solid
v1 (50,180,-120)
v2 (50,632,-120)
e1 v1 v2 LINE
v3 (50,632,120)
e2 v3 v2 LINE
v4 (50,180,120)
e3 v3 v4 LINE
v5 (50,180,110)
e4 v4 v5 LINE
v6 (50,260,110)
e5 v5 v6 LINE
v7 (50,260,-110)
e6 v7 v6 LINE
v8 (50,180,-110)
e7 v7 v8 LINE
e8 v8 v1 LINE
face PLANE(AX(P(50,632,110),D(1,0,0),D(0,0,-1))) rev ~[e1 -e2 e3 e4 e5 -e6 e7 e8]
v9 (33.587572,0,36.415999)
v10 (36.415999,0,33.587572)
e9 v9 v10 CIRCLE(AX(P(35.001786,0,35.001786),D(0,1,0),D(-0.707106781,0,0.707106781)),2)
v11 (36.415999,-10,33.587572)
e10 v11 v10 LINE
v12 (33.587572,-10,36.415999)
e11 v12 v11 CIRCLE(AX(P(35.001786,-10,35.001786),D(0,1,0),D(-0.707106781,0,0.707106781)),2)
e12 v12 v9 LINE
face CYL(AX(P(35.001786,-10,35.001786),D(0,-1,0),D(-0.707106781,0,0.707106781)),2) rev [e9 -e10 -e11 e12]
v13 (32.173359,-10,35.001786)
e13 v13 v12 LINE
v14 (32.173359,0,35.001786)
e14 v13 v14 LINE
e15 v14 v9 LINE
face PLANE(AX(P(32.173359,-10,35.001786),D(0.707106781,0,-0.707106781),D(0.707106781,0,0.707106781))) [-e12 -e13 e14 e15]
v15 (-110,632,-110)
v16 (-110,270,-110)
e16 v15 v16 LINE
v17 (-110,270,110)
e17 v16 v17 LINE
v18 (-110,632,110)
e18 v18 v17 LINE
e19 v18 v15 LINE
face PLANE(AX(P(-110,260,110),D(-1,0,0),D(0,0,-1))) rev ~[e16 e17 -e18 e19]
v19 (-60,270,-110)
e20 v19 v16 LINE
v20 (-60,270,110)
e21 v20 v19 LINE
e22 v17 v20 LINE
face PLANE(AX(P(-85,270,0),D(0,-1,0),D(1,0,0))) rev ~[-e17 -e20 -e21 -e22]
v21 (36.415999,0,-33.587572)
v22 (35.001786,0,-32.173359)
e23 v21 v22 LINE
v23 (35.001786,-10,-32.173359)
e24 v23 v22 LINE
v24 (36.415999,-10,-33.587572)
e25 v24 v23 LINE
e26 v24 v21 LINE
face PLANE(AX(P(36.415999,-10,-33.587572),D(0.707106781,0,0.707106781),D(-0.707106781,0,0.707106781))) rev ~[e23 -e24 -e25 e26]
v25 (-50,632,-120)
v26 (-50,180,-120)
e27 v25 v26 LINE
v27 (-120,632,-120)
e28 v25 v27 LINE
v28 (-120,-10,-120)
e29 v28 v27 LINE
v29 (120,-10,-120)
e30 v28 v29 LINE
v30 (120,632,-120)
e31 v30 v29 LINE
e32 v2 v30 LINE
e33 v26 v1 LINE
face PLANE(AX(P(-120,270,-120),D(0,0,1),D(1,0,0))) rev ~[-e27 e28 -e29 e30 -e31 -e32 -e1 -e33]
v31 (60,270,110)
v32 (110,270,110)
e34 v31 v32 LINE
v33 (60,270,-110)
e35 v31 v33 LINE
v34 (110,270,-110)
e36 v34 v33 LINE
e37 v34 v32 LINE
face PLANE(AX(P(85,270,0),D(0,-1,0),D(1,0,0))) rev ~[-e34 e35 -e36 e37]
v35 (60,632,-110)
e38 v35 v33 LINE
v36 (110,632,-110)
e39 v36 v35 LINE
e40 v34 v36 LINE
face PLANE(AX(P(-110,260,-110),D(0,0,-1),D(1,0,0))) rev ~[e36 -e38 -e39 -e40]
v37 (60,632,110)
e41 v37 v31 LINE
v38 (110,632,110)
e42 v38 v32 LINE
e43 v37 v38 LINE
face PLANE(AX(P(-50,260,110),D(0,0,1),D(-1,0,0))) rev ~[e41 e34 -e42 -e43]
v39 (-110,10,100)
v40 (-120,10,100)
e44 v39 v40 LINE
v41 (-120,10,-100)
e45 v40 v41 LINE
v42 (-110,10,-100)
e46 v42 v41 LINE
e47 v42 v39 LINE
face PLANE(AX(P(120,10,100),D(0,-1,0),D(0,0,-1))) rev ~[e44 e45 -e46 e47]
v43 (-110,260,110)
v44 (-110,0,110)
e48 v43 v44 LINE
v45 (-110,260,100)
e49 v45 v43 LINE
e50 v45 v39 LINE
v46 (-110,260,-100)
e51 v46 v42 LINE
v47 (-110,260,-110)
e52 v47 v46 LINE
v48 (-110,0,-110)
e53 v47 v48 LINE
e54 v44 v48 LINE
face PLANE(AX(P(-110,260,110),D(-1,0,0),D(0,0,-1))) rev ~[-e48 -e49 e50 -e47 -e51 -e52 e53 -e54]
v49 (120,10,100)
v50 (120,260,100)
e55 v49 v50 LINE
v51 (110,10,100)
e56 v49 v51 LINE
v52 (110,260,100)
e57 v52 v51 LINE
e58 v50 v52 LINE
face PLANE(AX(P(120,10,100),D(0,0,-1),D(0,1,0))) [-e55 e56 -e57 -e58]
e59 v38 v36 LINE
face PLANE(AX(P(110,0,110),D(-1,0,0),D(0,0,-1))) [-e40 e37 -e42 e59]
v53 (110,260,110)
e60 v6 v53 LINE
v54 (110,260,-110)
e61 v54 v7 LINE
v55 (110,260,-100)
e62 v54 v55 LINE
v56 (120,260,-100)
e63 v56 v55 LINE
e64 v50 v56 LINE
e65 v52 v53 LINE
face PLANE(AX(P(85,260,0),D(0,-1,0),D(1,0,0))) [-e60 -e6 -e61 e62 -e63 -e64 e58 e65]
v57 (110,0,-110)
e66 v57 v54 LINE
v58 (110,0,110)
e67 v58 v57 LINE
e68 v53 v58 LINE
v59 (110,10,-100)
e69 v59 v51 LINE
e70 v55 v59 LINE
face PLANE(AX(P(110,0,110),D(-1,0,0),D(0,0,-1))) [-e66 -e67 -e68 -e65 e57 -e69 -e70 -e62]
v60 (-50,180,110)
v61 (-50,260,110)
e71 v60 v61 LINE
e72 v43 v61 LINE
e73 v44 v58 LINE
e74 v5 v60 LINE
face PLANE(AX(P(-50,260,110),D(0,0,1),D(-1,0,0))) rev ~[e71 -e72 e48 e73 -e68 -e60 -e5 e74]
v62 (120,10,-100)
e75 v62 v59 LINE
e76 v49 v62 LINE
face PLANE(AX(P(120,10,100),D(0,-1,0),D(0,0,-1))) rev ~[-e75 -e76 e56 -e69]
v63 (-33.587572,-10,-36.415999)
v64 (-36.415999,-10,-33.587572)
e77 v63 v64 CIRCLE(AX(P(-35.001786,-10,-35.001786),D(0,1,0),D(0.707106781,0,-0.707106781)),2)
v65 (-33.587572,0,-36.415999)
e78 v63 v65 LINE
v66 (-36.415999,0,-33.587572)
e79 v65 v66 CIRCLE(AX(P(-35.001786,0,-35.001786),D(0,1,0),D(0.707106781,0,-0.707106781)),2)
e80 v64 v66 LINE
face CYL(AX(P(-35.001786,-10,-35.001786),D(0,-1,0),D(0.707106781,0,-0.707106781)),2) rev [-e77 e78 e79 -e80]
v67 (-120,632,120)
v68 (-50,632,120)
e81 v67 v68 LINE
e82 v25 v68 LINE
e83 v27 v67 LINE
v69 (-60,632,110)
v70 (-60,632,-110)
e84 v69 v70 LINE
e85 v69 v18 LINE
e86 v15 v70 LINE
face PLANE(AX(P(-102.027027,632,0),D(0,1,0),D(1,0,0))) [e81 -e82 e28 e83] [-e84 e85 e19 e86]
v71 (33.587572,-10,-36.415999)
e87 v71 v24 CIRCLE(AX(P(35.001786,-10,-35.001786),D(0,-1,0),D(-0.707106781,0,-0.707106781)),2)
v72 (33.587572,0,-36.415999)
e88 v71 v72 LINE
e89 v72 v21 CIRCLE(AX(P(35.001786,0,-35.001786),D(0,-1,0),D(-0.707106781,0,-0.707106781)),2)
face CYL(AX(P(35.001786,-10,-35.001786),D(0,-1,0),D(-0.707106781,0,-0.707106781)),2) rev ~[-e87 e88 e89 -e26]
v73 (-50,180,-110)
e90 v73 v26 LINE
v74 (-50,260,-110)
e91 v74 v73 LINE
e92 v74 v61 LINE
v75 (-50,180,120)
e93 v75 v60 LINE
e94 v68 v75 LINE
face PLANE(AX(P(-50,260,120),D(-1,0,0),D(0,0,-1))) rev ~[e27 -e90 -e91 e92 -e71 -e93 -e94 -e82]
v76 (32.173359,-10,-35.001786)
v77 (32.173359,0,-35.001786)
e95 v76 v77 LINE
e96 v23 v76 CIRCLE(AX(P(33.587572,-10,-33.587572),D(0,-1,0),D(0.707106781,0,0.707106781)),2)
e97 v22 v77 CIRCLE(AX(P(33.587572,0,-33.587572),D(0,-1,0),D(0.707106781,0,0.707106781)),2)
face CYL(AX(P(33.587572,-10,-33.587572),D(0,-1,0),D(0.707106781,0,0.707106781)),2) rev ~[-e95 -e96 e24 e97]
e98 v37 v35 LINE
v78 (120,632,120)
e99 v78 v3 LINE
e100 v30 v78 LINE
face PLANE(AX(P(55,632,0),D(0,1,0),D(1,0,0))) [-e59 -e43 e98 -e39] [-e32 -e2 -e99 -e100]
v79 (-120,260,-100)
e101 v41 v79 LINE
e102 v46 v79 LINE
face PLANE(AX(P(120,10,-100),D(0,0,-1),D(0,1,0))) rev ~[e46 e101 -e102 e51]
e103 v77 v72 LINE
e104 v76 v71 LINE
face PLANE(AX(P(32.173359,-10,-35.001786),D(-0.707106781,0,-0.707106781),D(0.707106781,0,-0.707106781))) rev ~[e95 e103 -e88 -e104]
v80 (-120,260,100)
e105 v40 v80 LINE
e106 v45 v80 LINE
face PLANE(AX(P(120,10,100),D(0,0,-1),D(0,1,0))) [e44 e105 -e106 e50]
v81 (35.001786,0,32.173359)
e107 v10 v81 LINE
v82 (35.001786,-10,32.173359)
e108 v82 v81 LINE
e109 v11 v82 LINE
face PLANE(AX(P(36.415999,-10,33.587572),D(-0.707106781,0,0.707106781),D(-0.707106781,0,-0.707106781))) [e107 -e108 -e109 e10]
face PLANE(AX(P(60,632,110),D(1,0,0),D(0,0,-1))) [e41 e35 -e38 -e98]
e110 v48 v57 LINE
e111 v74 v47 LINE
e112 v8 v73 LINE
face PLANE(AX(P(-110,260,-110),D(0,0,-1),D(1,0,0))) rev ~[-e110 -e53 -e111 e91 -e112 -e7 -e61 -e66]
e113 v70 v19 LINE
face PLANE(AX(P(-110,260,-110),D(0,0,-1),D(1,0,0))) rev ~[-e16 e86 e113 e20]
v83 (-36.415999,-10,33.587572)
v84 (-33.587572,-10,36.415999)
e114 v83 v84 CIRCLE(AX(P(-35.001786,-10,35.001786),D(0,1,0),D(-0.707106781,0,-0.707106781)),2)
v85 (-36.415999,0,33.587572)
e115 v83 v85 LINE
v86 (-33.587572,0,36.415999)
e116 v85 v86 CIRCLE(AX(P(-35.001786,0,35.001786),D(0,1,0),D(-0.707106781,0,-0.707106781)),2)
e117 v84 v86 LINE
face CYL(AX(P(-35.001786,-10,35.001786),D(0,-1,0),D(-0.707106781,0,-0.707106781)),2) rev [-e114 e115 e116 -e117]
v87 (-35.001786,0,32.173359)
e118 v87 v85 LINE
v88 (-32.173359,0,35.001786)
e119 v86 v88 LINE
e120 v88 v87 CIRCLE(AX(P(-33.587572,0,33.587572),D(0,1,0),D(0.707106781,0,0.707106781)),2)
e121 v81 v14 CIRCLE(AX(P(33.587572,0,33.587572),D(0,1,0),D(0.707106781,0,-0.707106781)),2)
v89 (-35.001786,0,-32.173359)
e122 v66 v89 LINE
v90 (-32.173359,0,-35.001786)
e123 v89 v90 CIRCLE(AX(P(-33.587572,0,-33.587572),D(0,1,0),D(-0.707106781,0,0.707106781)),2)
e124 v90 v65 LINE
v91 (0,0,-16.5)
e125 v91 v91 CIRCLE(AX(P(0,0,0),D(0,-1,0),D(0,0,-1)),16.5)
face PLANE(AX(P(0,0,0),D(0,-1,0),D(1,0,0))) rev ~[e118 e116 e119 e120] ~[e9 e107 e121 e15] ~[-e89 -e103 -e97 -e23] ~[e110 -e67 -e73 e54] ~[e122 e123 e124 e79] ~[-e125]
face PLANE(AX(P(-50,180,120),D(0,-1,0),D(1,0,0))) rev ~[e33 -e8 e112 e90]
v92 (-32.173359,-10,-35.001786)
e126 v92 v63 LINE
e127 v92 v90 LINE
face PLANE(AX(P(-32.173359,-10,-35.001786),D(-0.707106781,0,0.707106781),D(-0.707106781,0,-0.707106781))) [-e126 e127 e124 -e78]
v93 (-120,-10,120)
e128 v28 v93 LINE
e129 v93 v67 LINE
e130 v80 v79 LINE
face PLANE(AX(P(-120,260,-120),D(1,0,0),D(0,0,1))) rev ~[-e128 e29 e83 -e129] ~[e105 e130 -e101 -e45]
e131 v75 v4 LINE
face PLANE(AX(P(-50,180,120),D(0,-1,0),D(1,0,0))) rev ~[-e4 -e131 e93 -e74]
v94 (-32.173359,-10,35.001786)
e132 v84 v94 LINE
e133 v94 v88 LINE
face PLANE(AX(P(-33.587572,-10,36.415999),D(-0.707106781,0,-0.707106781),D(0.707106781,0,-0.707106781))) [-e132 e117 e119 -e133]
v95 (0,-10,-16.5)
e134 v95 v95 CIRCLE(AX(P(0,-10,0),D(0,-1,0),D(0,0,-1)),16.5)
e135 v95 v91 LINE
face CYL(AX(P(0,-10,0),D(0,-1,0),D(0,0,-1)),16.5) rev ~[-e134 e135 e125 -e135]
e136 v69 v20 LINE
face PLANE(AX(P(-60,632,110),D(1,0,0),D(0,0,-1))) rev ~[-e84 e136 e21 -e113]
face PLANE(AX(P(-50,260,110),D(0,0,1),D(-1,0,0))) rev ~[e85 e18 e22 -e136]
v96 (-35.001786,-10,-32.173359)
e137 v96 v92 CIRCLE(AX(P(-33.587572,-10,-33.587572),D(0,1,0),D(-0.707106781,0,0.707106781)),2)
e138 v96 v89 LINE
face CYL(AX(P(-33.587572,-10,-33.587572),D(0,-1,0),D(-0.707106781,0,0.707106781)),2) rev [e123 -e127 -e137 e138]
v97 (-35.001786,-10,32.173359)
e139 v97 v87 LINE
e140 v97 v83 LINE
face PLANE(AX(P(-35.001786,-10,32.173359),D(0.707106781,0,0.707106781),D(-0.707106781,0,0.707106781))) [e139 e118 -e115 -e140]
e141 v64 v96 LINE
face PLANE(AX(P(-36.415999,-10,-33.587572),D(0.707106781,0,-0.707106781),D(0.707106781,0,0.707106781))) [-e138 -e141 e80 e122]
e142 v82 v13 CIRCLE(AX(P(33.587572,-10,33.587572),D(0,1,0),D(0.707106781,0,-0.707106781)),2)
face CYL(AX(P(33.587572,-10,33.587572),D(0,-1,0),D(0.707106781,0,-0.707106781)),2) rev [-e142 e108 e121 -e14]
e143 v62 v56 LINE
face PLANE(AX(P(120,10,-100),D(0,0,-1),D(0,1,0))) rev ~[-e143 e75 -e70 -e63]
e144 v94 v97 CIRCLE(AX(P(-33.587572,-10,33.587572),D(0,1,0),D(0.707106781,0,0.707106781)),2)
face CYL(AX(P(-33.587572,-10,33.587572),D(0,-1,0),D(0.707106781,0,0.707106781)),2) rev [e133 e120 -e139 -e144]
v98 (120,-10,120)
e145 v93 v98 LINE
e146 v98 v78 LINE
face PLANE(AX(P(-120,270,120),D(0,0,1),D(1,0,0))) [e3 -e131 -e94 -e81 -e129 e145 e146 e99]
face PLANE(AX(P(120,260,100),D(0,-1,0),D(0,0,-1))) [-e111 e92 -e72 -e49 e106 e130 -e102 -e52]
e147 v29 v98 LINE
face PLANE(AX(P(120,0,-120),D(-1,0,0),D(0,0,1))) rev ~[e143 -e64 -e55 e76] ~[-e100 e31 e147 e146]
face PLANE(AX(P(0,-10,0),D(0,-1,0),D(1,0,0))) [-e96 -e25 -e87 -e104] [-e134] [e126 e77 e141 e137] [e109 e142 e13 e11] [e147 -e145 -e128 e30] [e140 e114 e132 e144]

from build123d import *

# Parameters (mm, degrees)
SKETCH1_W           = 240
SKETCH1_H           = 240
SKETCH1_W_2         = 220
SKETCH1_H_2         = 220
BOSS_EXTRUDE1_DEPTH = 260
SKETCH2_W           = 240
SKETCH2_H           = 240
BOSS_EXTRUDE2_DEPTH = 10
SKETCH3_R           = 16.5
CUT_EXTRUDE1_DEPTH  = 20
CUT_EXTRUDE3_DEPTH  = 10
SKETCH8_W           = 100
SKETCH8_H           = 108.812952024
CUT_EXTRUDE4_DEPTH  = 296
BOSS_EXTRUDE4_DEPTH = 372
SKETCH10_W          = 200
SKETCH10_H          = 250
CUT_EXTRUDE5_DEPTH  = 372
SKETCH11_W          = 10
SKETCH11_H          = 220
BOSS_EXTRUDE6_DEPTH = 362
SKETCH12_W          = 70
SKETCH12_H          = 240
BOSS_EXTRUDE7_DEPTH = 10


with BuildPart() as part:
    # Sketch1 → Boss-Extrude1 (new body)
    with BuildSketch(Plane(origin=(0, 0, 0), x_dir=(1, 0, 0), z_dir=(0, 1, 0))):
        Rectangle(SKETCH1_W, SKETCH1_H)
        Rectangle(SKETCH1_W_2, SKETCH1_H_2, mode=Mode.SUBTRACT)
    extrude(amount=BOSS_EXTRUDE1_DEPTH)

    # Sketch2 → Boss-Extrude2 (add)
    with BuildSketch(Plane.XZ):
        Rectangle(SKETCH2_W, SKETCH2_H)
    extrude(amount=BOSS_EXTRUDE2_DEPTH)

    # Sketch3 → Cut-Extrude1 (cut)
    with BuildSketch(Plane.XZ.offset(10)):
        with Locations(Location((0, 0, 0), (0, 0, 270))):
            Circle(SKETCH3_R)
    extrude(amount=-CUT_EXTRUDE1_DEPTH, mode=Mode.SUBTRACT)

    # Sketch7 → Cut-Extrude3 (cut)
    with BuildSketch(Plane(origin=(0, -10, 0), x_dir=(-1, 0, 0), z_dir=(0, -1, 0))):
        with BuildLine():
            Line((-36.415999231, 33.587572106), (-35.001785669, 32.173358544))
            ThreePointArc((-35.001785669, 32.173358544), (-32.173358544, 32.173358544), (-32.173358544, 35.001785669))
            Line((-32.173358544, 35.001785669), (-33.587572106, 36.415999231))
            ThreePointArc((-33.587572106, 36.415999231), (-36.415999231, 36.415999231), (-36.415999231, 33.587572106))
        make_face()
        with BuildLine():
            Line((32.173358544, 35.001785669), (33.587572106, 36.415999231))
            ThreePointArc((33.587572106, 36.415999231), (36.415999231, 36.415999231), (36.415999231, 33.587572106))
            Line((36.415999231, 33.587572106), (35.001785669, 32.173358544))
            ThreePointArc((35.001785669, 32.173358544), (32.173358544, 32.173358544), (32.173358544, 35.001785669))
        make_face()
        with BuildLine():
            Line((35.001785669, -32.173358544), (36.415999231, -33.587572106))
            ThreePointArc((36.415999231, -33.587572106), (36.415999231, -36.415999231), (33.587572106, -36.415999231))
            Line((33.587572106, -36.415999231), (32.173358544, -35.001785669))
            ThreePointArc((32.173358544, -35.001785669), (32.173358544, -32.173358544), (35.001785669, -32.173358544))
        make_face()
        with BuildLine():
            Line((-36.415999231, -33.587572106), (-35.001785669, -32.173358544))
            ThreePointArc((-35.001785669, -32.173358544), (-32.173358544, -32.173358544), (-32.173358544, -35.001785669))
            Line((-32.173358544, -35.001785669), (-33.587572106, -36.415999231))
            ThreePointArc((-33.587572106, -36.415999231), (-36.415999231, -36.415999231), (-36.415999231, -33.587572106))
        make_face()
    extrude(amount=-CUT_EXTRUDE3_DEPTH, mode=Mode.SUBTRACT)

    # Sketch8 → Cut-Extrude4 (cut)
    with BuildSketch(Plane.XY.offset(120)):
        with Locations((0, 234.406476012)):
            Rectangle(SKETCH8_W, SKETCH8_H)
    extrude(amount=-CUT_EXTRUDE4_DEPTH, mode=Mode.SUBTRACT)

    # Sketch9 → Boss-Extrude4 (add)
    with BuildSketch(Plane(origin=(0, 260, 0), x_dir=(1, 0, 0), z_dir=(0, 1, 0))):
        Polygon((-50, 110), (-50, 120), (-120, 120), (-120, -120), (-50, -120), (-50, -110), (-110, -110), (-110, 110), align=None)
        Polygon((50, 110), (50, 120), (120, 120), (120, -120), (50, -120), (50, -110), (110, -110), (110, 110), align=None)
    extrude(amount=BOSS_EXTRUDE4_DEPTH)

    # Sketch10 → Cut-Extrude5 (cut)
    with BuildSketch(Plane(origin=(120, 0, 0), x_dir=(0, 0, -1), z_dir=(1, 0, 0))):
        with Locations((0, 135)):
            Rectangle(SKETCH10_W, SKETCH10_H)
    extrude(amount=-CUT_EXTRUDE5_DEPTH, mode=Mode.SUBTRACT)

    # Sketch11 → Boss-Extrude6 (add)
    with BuildSketch(Plane(origin=(0, 632, 0), x_dir=(1, 0, 0), z_dir=(0, 1, 0))):
        with Locations((55, 0)):
            Rectangle(SKETCH11_W, SKETCH11_H)
        with Locations((-55, 0)):
            Rectangle(SKETCH11_W, SKETCH11_H)
    extrude(amount=-BOSS_EXTRUDE6_DEPTH)

    # Sketch12 → Boss-Extrude7 (add)
    with BuildSketch(Plane.XZ.offset(-270)):
        with Locations((-85, 0)):
            Rectangle(SKETCH12_W, SKETCH12_H)
        with Locations((85, 0)):
            Rectangle(SKETCH12_W, SKETCH12_H)
    extrude(amount=BOSS_EXTRUDE7_DEPTH)


solid = part.part
